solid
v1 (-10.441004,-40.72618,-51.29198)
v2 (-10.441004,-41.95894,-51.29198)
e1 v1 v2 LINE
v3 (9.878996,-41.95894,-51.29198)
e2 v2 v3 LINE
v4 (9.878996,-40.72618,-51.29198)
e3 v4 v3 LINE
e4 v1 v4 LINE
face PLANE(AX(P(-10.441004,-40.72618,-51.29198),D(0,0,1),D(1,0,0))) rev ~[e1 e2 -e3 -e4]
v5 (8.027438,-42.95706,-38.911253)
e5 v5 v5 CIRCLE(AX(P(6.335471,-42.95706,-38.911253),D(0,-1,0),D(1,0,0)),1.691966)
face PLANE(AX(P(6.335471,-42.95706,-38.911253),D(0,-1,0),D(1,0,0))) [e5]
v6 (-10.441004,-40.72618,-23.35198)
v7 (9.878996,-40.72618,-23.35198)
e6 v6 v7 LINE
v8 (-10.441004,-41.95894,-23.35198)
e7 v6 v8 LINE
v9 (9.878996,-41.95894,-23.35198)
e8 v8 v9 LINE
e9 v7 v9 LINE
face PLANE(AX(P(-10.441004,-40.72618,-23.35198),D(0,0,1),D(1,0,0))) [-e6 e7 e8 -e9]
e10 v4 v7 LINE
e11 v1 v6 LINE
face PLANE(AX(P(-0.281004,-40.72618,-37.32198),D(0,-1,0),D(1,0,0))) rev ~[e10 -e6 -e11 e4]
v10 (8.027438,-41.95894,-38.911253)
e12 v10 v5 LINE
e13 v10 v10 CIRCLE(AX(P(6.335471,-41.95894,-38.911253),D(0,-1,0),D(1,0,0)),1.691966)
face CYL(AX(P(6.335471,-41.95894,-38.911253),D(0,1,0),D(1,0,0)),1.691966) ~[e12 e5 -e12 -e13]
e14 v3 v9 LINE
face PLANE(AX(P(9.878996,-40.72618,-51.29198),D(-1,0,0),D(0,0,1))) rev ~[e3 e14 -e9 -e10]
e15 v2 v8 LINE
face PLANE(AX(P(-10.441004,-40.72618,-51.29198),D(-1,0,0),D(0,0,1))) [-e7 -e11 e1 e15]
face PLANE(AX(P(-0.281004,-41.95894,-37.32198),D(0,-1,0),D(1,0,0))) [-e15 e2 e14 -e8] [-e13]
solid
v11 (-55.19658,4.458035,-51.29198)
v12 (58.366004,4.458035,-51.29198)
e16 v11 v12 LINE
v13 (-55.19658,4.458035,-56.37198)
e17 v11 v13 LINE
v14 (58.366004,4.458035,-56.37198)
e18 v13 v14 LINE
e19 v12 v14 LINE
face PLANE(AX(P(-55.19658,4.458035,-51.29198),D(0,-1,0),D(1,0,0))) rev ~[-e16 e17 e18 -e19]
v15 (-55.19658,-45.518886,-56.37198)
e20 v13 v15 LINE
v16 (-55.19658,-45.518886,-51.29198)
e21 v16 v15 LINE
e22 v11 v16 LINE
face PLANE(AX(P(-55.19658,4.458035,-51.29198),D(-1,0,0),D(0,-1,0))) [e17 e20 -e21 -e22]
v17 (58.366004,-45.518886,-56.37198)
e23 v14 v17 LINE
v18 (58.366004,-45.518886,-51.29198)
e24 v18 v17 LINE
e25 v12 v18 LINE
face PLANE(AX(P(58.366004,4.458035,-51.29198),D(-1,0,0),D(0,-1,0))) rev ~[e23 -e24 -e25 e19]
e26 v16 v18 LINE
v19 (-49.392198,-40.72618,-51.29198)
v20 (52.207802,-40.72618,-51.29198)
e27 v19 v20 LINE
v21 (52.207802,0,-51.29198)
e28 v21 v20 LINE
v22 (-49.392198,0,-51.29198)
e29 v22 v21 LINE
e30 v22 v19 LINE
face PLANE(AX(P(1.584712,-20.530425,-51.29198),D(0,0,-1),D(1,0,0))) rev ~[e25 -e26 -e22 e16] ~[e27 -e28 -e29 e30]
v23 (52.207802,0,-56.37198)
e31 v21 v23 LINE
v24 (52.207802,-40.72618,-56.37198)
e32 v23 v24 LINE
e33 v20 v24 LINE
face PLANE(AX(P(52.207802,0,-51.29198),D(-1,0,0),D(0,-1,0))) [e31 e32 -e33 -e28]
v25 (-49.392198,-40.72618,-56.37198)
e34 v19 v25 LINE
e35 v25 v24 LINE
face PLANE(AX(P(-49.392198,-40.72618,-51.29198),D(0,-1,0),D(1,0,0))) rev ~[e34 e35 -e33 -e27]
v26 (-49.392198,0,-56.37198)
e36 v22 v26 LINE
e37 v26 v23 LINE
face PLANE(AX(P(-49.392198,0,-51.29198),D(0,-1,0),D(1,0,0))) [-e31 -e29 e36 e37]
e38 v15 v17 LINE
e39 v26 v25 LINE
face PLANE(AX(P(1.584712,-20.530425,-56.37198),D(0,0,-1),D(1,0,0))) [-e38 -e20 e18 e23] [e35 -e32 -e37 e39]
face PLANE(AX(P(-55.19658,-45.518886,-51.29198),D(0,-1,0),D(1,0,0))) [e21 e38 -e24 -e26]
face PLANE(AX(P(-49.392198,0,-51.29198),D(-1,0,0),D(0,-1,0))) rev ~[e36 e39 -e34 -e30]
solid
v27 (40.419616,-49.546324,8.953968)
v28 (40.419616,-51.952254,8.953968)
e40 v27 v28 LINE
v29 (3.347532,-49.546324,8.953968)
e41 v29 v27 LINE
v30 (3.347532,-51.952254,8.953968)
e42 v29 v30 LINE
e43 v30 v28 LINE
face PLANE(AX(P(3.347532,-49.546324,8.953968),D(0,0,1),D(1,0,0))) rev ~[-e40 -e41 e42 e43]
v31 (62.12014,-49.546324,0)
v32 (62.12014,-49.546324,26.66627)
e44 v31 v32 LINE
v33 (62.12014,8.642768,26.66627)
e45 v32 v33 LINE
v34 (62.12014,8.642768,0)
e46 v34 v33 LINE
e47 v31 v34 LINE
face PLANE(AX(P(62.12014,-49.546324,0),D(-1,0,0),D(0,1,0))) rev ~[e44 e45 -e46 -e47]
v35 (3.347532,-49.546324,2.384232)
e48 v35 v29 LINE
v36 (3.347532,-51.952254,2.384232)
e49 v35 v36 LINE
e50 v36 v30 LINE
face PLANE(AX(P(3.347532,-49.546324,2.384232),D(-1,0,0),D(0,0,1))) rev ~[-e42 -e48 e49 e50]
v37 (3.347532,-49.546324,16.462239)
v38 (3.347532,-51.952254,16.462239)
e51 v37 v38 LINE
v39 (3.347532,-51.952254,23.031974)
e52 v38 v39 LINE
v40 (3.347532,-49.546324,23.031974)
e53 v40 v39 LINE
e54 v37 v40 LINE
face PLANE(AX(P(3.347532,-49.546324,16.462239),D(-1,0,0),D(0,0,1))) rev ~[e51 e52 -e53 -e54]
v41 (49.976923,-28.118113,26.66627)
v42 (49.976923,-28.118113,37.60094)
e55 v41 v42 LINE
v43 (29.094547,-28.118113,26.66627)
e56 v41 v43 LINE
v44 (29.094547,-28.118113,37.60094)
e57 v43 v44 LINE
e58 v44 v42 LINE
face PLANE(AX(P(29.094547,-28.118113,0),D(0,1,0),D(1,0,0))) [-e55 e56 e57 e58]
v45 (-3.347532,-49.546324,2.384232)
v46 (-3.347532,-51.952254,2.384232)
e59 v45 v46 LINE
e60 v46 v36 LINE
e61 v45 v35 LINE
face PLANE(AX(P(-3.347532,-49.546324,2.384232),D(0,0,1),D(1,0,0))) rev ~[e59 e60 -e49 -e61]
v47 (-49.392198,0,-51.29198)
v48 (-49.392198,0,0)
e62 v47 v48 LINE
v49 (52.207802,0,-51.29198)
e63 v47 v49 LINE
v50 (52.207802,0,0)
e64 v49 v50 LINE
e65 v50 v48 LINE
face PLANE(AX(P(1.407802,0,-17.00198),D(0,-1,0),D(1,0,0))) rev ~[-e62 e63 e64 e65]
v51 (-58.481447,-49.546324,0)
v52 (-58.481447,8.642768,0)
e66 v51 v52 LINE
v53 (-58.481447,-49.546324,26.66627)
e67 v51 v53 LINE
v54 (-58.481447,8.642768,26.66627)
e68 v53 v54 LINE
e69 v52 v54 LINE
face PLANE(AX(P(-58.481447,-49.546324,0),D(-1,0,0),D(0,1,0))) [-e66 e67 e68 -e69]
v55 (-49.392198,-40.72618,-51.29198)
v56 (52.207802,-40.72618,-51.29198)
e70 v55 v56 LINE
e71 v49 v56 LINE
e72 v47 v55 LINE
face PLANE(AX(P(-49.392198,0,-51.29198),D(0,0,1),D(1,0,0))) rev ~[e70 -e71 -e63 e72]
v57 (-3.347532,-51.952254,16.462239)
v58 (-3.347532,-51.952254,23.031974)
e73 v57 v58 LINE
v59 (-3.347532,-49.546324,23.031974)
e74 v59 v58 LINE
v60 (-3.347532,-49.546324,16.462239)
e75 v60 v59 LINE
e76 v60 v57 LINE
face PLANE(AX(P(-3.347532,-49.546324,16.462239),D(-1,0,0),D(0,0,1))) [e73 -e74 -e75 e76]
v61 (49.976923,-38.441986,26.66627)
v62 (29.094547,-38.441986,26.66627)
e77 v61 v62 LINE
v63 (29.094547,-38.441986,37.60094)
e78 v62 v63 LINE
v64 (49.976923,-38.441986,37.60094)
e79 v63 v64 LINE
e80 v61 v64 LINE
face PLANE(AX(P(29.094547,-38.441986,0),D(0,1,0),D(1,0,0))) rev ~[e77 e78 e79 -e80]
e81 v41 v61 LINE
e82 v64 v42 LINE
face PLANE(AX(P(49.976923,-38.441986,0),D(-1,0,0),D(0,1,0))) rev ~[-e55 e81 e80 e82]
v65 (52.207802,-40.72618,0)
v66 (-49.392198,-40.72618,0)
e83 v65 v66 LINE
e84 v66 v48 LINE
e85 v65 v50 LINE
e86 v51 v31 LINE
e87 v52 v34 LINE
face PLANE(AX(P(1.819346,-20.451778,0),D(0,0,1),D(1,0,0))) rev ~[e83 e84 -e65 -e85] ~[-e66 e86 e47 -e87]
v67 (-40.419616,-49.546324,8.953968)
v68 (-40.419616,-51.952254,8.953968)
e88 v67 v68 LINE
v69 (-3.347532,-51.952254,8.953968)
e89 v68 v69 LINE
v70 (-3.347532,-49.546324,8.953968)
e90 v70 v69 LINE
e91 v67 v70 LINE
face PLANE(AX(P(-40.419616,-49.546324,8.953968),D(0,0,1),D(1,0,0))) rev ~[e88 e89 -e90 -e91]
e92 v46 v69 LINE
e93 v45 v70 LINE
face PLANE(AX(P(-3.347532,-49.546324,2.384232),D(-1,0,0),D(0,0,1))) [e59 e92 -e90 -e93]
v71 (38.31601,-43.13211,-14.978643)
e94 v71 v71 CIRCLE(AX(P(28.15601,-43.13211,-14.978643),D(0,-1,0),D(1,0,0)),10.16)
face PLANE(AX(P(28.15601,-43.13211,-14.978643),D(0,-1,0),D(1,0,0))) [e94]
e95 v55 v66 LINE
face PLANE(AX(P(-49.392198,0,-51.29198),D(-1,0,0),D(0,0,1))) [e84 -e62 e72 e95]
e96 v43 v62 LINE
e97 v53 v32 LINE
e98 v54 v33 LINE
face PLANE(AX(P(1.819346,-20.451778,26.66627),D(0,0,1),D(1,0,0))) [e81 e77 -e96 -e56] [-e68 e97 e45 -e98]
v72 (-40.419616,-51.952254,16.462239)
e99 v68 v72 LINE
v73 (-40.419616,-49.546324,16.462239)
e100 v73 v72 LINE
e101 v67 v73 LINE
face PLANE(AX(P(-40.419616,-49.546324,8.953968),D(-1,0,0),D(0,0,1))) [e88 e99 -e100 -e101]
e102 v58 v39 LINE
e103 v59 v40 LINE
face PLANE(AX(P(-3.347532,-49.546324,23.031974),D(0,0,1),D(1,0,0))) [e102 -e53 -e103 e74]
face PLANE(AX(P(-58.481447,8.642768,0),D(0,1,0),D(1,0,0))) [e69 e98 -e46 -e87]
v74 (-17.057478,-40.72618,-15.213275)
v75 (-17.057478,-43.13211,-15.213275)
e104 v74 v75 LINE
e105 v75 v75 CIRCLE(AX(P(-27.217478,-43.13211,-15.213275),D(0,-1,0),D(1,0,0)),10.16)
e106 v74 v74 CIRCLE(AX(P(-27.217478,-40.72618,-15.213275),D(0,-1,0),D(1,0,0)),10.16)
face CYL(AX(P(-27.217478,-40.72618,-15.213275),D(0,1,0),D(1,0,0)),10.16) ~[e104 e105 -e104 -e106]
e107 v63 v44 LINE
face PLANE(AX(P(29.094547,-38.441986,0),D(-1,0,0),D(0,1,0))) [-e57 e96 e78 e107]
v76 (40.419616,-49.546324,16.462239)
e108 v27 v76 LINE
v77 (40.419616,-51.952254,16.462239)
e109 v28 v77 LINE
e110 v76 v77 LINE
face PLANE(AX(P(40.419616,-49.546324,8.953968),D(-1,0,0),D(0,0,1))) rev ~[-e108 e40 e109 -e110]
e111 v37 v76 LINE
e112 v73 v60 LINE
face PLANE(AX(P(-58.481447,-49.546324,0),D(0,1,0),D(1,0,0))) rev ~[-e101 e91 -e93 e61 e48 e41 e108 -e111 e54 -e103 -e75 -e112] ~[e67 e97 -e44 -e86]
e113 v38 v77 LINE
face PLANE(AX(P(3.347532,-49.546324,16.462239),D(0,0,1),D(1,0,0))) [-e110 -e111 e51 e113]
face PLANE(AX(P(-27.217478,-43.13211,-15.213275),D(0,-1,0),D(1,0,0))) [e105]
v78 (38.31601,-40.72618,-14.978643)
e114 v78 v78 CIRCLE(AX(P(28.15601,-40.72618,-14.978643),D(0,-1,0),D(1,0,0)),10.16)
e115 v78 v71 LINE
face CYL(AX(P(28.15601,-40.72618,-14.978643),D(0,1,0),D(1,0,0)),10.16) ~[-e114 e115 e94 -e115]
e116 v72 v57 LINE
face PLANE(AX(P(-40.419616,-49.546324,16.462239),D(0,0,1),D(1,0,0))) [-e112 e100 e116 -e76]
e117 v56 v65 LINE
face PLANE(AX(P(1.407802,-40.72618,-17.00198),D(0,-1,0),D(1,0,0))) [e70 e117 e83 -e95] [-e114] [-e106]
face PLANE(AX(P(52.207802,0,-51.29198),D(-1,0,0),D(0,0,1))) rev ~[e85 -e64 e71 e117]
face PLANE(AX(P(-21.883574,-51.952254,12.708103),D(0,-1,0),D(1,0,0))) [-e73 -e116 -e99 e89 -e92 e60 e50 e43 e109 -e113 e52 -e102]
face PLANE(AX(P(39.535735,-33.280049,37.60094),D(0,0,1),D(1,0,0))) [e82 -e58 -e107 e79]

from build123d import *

# Parameters (mm, degrees)
F0_W      = 101.6
F0_H      = 68.58
F1_DEPTH  = 40.72618
F2_W      = 113.5625839233
F2_H      = 49.9769216403
F2_W_2    = 101.6
F2_H_2    = 40.72618
F3_DEPTH  = 5.08
F4_W      = 120.6015869975
F4_H      = 58.1890912727
F5_DEPTH  = 26.66627
F6_W      = 20.8823755383
F6_H      = 10.3238727897
F7_DEPTH  = 37.60094
F8_R      = 10.16
F9_DEPTH  = 2.40593
F10_W     = 20.32
F10_H     = 27.94
F11_DEPTH = 1.23276
F12_R     = 1.691966396
F13_DEPTH = 0.99812
F14_W     = 37.0720839128
F14_H     = 7.5082704425
F14_W_2   = 6.6950637847
F14_H_2   = 6.5697357059
F15_DEPTH = 2.40593


with BuildPart() as f1:
    # F0 (on Front) → F1 (new body)
    with BuildSketch(Plane.XZ):
        with Locations((1.4078021049, -17.0019802542)):
            Rectangle(F0_W, F0_H)
    extrude(amount=F1_DEPTH)

    # F4 (on Top) → F5 (join)
    with BuildSketch(Plane.XY):
        with Locations((1.8193461001, -20.4517780803)):
            Rectangle(F4_W, F4_H)
    extrude(amount=F5_DEPTH)

    # F6 (on Top) → F7 (join)
    with BuildSketch(Plane.XY):
        with Locations((39.5357348025, -33.2800494507)):
            Rectangle(F6_W, F6_H)
    extrude(amount=F7_DEPTH)

    # F8 (on face) → F9 (join)
    with BuildSketch(Plane.XZ.offset(40.72618)):
        with Locations((-27.21747756, -15.2132753283)):
            Circle(F8_R)
        with Locations((28.156010434, -14.9786425754)):
            Circle(F8_R)
    extrude(amount=F9_DEPTH)

    # F14 (on face) → F15 (join)
    with BuildSketch(Plane.XZ.offset(49.5463237166)):
        with Locations((-21.8835738488, 12.7081032842)):
            Rectangle(F14_W, F14_H)
        with Locations((0, 19.7471063584)):
            Rectangle(F14_W_2, F14_H_2)
        with Locations((0, 12.7081032842)):
            Rectangle(F14_W_2, F14_H)
        with Locations((21.8835738488, 12.7081032842)):
            Rectangle(F14_W, F14_H)
        with Locations((0, 5.6691002101)):
            Rectangle(F14_W_2, F14_H_2)
    extrude(amount=F15_DEPTH)


with BuildPart() as f3:
    # F2 (on face) → F3 (new body)
    with BuildSketch(Plane(origin=(0, 0, -51.2919802542), x_dir=(1, 0, 0), z_dir=(0, 0, -1))):
        with Locations((1.5847124159, 20.5304254778)):
            Rectangle(F2_W, F2_H)
        with Locations((1.4078021049, 20.36309)):
            Rectangle(F2_W_2, F2_H_2, mode=Mode.SUBTRACT)
    extrude(amount=F3_DEPTH)


with BuildPart() as f11:
    # F10 (on face) → F11 (new body)
    with BuildSketch(Plane.XZ.offset(40.72618)):
        with Locations((-0.2810042986, -37.3219802542)):
            Rectangle(F10_W, F10_H)
    extrude(amount=F11_DEPTH)

    # F12 (on face) → F13 (join)
    with BuildSketch(Plane.XZ.offset(41.95894)):
        with Locations((6.3354712911, -38.9112532139)):
            Circle(F12_R)
    extrude(amount=F13_DEPTH)


solid = Compound([f1.part, f3.part, f11.part])
